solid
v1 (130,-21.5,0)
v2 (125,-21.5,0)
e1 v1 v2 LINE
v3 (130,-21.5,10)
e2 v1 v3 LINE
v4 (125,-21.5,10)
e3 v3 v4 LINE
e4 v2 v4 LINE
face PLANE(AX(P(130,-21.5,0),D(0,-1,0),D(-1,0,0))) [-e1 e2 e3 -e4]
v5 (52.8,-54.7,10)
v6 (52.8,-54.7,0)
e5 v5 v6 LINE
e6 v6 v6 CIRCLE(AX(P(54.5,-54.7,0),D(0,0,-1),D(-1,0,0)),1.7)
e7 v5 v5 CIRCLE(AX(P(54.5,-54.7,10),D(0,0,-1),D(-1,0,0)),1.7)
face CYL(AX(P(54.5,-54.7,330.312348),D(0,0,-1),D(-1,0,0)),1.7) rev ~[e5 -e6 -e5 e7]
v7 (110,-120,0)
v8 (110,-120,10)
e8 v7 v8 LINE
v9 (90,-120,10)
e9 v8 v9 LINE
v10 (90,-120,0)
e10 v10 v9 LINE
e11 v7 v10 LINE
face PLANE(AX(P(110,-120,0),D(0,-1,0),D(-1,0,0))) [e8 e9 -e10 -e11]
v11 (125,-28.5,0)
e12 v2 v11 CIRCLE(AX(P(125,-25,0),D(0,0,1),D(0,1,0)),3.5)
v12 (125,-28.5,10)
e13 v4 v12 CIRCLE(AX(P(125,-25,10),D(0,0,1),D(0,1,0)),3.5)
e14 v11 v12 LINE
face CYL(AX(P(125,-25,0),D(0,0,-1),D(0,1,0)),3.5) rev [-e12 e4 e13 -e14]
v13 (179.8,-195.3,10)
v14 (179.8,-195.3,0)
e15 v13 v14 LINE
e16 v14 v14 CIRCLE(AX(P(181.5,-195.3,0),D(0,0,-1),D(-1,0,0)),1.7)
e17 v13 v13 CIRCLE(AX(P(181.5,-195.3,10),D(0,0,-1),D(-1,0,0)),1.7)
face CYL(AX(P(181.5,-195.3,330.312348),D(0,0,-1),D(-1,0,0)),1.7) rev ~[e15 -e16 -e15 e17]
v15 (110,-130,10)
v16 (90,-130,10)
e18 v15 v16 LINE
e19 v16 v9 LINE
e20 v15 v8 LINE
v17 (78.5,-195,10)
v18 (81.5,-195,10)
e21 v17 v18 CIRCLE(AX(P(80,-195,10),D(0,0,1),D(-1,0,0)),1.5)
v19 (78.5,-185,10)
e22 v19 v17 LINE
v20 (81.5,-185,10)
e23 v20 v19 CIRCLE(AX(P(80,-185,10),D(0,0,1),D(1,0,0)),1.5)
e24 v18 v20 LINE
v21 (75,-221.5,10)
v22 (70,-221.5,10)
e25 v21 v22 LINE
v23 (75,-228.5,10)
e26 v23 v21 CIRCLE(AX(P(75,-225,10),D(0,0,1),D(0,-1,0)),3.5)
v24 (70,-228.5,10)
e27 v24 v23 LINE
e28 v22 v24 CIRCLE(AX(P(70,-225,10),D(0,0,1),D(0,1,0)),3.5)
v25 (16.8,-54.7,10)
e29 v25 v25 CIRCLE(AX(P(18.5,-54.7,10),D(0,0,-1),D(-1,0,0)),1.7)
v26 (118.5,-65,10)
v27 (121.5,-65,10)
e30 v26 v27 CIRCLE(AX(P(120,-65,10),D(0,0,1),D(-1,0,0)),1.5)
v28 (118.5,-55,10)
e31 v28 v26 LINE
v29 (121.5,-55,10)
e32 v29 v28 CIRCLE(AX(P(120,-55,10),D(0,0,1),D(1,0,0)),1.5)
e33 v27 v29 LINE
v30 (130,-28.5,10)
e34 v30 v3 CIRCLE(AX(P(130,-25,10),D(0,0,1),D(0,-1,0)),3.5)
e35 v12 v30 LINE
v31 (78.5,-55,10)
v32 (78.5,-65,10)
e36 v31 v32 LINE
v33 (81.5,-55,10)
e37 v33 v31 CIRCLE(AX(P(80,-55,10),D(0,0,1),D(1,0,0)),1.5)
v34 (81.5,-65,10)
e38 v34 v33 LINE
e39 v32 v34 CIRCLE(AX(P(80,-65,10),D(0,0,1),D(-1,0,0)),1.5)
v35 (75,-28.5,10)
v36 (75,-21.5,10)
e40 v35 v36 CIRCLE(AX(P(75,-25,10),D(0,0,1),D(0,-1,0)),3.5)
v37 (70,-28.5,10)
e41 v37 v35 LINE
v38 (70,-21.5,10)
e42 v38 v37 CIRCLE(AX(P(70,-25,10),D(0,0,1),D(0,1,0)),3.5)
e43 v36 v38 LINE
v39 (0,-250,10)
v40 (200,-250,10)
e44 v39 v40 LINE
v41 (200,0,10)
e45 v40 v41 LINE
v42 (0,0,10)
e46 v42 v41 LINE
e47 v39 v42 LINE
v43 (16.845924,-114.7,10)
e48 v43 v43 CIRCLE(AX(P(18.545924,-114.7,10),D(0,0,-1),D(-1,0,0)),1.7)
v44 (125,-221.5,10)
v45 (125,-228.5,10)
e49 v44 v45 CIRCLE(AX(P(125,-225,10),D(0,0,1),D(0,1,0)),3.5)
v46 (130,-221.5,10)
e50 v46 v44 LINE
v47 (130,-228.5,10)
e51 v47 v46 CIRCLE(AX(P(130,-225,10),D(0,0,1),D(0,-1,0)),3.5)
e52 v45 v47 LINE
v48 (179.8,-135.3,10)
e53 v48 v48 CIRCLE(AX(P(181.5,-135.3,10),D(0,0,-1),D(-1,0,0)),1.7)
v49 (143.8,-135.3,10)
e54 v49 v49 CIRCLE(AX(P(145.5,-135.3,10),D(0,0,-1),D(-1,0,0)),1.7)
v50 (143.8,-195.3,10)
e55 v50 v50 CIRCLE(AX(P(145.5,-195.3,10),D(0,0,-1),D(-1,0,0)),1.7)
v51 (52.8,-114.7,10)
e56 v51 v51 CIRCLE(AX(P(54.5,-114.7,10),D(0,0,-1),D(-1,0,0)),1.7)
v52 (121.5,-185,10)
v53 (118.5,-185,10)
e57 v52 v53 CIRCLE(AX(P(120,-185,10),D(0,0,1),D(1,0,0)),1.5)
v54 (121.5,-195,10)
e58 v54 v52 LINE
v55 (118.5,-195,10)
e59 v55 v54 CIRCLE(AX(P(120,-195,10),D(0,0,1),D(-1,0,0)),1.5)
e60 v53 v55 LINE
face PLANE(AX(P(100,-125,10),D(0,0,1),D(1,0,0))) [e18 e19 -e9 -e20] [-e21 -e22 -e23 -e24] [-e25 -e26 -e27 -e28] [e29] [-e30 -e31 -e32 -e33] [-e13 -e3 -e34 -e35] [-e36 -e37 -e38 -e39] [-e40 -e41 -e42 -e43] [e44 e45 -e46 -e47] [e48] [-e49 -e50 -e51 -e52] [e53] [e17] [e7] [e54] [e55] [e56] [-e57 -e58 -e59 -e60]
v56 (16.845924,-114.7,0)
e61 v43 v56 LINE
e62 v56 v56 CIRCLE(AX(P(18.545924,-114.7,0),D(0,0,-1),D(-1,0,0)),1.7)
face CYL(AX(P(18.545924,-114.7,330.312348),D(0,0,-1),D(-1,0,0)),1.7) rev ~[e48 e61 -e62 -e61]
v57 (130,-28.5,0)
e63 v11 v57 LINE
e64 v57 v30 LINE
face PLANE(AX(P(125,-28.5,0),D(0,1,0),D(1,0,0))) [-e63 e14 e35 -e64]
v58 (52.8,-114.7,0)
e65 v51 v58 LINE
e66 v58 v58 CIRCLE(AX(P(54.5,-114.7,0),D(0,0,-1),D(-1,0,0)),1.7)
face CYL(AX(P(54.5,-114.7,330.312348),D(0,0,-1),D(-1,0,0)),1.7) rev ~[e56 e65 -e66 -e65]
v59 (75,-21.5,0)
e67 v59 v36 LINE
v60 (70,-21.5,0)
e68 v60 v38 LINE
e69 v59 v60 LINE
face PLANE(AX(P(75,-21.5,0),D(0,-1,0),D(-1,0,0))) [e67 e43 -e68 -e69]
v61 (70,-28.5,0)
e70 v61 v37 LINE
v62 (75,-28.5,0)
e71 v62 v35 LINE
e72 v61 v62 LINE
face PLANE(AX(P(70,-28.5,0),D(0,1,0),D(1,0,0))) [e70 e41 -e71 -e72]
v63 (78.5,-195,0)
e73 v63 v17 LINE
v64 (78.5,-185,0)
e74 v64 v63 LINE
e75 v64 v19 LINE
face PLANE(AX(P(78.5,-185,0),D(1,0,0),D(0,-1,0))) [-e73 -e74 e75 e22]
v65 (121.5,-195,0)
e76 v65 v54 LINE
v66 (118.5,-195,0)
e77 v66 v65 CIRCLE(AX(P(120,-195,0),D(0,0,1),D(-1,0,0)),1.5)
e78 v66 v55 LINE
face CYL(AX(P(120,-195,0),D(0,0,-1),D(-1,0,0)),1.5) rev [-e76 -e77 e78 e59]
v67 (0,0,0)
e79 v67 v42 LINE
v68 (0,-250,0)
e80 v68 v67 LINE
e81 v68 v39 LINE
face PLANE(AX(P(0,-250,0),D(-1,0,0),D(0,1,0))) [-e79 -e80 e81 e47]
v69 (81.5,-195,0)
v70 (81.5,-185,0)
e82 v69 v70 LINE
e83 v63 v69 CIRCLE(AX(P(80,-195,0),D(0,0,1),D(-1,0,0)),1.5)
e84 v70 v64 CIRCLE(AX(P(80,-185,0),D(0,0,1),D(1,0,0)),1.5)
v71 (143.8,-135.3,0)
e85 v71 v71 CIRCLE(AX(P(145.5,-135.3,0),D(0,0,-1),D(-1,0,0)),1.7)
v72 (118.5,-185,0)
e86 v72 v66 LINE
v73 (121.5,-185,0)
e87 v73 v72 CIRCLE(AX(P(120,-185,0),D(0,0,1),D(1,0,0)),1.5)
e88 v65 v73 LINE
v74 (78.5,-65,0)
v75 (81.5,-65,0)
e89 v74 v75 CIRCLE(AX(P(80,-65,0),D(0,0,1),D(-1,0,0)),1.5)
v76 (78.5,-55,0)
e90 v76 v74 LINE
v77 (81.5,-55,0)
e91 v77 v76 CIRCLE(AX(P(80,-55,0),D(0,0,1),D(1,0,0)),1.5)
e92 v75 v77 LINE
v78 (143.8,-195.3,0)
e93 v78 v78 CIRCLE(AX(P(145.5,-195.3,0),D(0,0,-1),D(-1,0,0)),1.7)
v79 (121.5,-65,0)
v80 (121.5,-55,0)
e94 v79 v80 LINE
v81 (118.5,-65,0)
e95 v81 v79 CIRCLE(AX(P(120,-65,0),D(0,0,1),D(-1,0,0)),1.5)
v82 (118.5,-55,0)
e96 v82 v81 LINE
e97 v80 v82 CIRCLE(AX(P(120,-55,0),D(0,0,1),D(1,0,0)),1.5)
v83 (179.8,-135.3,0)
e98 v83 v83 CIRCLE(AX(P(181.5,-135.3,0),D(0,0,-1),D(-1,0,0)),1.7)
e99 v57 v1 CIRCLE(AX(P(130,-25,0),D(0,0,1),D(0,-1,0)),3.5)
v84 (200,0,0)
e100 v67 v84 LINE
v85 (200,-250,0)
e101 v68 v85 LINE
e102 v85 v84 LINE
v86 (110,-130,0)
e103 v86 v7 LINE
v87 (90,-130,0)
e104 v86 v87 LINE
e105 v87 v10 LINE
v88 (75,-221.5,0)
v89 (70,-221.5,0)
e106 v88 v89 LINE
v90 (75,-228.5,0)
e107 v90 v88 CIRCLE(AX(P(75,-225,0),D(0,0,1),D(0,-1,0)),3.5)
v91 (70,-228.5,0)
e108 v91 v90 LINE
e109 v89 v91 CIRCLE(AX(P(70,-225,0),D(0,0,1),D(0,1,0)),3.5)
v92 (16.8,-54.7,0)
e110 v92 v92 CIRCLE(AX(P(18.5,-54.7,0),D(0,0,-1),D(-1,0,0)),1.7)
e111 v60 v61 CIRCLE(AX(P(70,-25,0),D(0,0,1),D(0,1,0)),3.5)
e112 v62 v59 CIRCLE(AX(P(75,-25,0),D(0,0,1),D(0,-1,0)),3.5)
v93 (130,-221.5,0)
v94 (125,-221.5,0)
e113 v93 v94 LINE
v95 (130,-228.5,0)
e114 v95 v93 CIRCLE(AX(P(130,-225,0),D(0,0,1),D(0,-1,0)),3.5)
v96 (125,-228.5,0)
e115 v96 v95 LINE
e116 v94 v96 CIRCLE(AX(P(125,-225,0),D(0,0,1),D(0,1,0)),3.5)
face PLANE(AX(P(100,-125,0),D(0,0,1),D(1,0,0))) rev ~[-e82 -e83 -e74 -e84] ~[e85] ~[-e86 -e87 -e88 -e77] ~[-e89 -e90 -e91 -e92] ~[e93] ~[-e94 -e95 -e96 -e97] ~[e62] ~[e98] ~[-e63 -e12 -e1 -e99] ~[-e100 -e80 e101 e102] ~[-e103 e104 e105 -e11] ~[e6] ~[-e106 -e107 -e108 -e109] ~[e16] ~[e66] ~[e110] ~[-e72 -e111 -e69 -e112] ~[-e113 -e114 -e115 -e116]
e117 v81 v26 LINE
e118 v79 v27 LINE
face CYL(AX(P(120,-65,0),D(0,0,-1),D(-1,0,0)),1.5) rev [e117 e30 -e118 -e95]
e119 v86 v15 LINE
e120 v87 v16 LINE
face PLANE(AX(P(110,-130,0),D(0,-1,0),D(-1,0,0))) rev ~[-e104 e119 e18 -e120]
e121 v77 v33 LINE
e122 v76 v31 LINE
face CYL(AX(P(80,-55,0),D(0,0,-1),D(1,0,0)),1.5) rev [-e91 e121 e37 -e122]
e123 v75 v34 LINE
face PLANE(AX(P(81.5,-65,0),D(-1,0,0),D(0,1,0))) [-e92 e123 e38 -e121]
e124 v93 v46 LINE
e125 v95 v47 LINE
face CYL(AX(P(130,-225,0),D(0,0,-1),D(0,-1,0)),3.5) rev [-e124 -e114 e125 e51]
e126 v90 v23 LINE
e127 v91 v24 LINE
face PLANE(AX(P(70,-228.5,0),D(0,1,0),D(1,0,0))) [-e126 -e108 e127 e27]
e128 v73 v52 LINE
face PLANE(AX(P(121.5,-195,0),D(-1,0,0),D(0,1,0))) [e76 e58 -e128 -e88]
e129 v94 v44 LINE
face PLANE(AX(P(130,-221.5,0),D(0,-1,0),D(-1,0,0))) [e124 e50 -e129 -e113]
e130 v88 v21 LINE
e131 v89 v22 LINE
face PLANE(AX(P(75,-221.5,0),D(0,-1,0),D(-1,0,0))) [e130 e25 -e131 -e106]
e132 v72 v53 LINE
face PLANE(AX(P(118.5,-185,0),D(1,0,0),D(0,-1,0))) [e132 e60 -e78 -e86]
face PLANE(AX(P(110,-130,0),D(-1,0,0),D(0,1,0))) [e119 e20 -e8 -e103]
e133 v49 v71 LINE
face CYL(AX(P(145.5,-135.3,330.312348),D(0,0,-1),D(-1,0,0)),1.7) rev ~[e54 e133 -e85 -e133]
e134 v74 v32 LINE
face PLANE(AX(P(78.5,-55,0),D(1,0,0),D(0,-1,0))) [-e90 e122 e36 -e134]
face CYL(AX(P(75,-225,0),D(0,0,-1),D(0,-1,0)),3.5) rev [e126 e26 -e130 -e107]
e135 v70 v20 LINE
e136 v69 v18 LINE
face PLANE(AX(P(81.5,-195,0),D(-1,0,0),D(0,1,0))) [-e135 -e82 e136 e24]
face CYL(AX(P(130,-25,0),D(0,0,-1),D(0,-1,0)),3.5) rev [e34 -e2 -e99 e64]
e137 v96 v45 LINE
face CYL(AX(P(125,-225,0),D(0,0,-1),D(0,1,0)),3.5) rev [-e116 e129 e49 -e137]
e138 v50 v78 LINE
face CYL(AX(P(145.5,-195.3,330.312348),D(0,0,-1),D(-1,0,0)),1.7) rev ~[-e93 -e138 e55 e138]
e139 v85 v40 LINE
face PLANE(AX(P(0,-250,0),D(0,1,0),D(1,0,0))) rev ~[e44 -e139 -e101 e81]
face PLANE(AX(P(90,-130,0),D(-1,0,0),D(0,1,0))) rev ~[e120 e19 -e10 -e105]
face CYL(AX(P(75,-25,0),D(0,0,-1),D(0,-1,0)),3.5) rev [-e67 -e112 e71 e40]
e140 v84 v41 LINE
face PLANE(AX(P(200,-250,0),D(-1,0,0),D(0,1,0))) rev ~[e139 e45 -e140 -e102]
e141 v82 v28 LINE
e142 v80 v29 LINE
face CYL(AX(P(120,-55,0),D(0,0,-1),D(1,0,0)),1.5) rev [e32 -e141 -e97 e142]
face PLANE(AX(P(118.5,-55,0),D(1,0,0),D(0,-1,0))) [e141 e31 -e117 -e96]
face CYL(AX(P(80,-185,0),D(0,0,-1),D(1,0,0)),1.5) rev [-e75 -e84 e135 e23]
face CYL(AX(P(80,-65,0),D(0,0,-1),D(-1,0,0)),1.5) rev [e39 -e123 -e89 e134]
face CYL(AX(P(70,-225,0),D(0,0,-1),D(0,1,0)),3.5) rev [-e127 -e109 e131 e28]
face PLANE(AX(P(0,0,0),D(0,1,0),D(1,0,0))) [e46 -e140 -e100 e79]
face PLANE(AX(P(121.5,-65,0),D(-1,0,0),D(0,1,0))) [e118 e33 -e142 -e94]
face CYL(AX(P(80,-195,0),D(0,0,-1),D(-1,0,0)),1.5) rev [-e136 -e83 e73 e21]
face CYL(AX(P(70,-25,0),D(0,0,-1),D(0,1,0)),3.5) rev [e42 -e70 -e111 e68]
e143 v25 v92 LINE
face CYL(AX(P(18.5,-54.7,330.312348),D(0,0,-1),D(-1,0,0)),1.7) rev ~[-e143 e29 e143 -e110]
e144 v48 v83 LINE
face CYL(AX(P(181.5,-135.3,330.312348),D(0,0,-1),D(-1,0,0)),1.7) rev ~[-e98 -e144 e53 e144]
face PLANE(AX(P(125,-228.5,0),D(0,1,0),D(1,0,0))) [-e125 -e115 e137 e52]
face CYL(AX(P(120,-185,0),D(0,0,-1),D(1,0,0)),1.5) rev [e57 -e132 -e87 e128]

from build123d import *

# Parameters (mm, degrees)
ESQUISSE2_W             = 200
ESQUISSE2_H             = 250
BOSS_EXTRU_1_DEPTH      = 10
ESQUISSE7_W             = 20
ESQUISSE7_H             = 10
ENL_V_MAT_EXTRU_2_DEPTH = 10
ENL_V_MAT_EXTRU_3_DEPTH = 10
ENL_V_MAT_EXTRU_4_DEPTH = 10
D_GAGEMENT_M31_D        = 3.4


with BuildPart() as part:
    # Esquisse2 → Boss.-Extru.1 (new body)
    with BuildSketch(Plane.XY):
        with Locations((100, -125)):
            Rectangle(ESQUISSE2_W, ESQUISSE2_H)
    extrude(amount=BOSS_EXTRU_1_DEPTH)

    # Esquisse7 → Enlèv. mat.-Extru.2 (cut)
    with BuildSketch(Plane(origin=(0, 0, 0), x_dir=(-1, 0, 0), z_dir=(0, 0, -1))):
        with Locations((-100, -125)):
            Rectangle(ESQUISSE7_W, ESQUISSE7_H)
    extrude(amount=-ENL_V_MAT_EXTRU_2_DEPTH, mode=Mode.SUBTRACT)

    # Esquisse10 → Enlèv. mat.-Extru.3 (cut)
    with BuildSketch(Plane(origin=(0, 0, 0), x_dir=(-1, 0, 0), z_dir=(0, 0, -1))):
        with BuildLine():
            Line((-70, -28.5), (-75, -28.5))
            ThreePointArc((-75, -28.5), (-78.5, -25), (-75, -21.5))
            Line((-75, -21.5), (-70, -21.5))
            ThreePointArc((-70, -21.5), (-66.5, -25), (-70, -28.5))
        make_face()
        with BuildLine():
            Line((-70, -228.5), (-75, -228.5))
            ThreePointArc((-75, -228.5), (-78.5, -225), (-75, -221.5))
            Line((-75, -221.5), (-70, -221.5))
            ThreePointArc((-70, -221.5), (-66.5, -225), (-70, -228.5))
        make_face()
        with BuildLine():
            Line((-130, -221.5), (-125, -221.5))
            ThreePointArc((-125, -221.5), (-121.5, -225), (-125, -228.5))
            Line((-125, -228.5), (-130, -228.5))
            ThreePointArc((-130, -228.5), (-133.5, -225), (-130, -221.5))
        make_face()
        with BuildLine():
            Line((-130, -21.5), (-125, -21.5))
            ThreePointArc((-125, -21.5), (-121.5, -25), (-125, -28.5))
            Line((-125, -28.5), (-130, -28.5))
            ThreePointArc((-130, -28.5), (-133.5, -25), (-130, -21.5))
        make_face()
    extrude(amount=-ENL_V_MAT_EXTRU_3_DEPTH, mode=Mode.SUBTRACT)

    # Esquisse11 → Enlèv. mat.-Extru.4 (cut)
    with BuildSketch(Plane(origin=(0, 0, 0), x_dir=(-1, 0, 0), z_dir=(0, 0, -1))):
        with BuildLine():
            Line((-78.5, -55), (-78.5, -65))
            ThreePointArc((-78.5, -65), (-80, -66.5), (-81.5, -65))
            Line((-81.5, -65), (-81.5, -55))
            ThreePointArc((-81.5, -55), (-80, -53.5), (-78.5, -55))
        make_face()
        with BuildLine():
            Line((-118.5, -55), (-118.5, -65))
            ThreePointArc((-118.5, -65), (-120, -66.5), (-121.5, -65))
            Line((-121.5, -65), (-121.5, -55))
            ThreePointArc((-121.5, -55), (-120, -53.5), (-118.5, -55))
        make_face()
        with BuildLine():
            Line((-121.5, -195), (-121.5, -185))
            ThreePointArc((-121.5, -185), (-120, -183.5), (-118.5, -185))
            Line((-118.5, -185), (-118.5, -195))
            ThreePointArc((-118.5, -195), (-120, -196.5), (-121.5, -195))
        make_face()
        with BuildLine():
            Line((-81.5, -195), (-81.5, -185))
            ThreePointArc((-81.5, -185), (-80, -183.5), (-78.5, -185))
            Line((-78.5, -185), (-78.5, -195))
            ThreePointArc((-78.5, -195), (-80, -196.5), (-81.5, -195))
        make_face()
    extrude(amount=-ENL_V_MAT_EXTRU_4_DEPTH, mode=Mode.SUBTRACT)

    # Dégagement M31 (through all)
    with Locations(Plane.XY.offset(10)):
        with Locations((18.5, -54.7), (54.5, -54.7), (18.545923706, -114.7), (54.5, -114.7), (145.5, -135.3), (181.5, -135.3), (145.5, -195.3), (181.5, -195.3)):
            Hole(D_GAGEMENT_M31_D / 2)


solid = part.part
